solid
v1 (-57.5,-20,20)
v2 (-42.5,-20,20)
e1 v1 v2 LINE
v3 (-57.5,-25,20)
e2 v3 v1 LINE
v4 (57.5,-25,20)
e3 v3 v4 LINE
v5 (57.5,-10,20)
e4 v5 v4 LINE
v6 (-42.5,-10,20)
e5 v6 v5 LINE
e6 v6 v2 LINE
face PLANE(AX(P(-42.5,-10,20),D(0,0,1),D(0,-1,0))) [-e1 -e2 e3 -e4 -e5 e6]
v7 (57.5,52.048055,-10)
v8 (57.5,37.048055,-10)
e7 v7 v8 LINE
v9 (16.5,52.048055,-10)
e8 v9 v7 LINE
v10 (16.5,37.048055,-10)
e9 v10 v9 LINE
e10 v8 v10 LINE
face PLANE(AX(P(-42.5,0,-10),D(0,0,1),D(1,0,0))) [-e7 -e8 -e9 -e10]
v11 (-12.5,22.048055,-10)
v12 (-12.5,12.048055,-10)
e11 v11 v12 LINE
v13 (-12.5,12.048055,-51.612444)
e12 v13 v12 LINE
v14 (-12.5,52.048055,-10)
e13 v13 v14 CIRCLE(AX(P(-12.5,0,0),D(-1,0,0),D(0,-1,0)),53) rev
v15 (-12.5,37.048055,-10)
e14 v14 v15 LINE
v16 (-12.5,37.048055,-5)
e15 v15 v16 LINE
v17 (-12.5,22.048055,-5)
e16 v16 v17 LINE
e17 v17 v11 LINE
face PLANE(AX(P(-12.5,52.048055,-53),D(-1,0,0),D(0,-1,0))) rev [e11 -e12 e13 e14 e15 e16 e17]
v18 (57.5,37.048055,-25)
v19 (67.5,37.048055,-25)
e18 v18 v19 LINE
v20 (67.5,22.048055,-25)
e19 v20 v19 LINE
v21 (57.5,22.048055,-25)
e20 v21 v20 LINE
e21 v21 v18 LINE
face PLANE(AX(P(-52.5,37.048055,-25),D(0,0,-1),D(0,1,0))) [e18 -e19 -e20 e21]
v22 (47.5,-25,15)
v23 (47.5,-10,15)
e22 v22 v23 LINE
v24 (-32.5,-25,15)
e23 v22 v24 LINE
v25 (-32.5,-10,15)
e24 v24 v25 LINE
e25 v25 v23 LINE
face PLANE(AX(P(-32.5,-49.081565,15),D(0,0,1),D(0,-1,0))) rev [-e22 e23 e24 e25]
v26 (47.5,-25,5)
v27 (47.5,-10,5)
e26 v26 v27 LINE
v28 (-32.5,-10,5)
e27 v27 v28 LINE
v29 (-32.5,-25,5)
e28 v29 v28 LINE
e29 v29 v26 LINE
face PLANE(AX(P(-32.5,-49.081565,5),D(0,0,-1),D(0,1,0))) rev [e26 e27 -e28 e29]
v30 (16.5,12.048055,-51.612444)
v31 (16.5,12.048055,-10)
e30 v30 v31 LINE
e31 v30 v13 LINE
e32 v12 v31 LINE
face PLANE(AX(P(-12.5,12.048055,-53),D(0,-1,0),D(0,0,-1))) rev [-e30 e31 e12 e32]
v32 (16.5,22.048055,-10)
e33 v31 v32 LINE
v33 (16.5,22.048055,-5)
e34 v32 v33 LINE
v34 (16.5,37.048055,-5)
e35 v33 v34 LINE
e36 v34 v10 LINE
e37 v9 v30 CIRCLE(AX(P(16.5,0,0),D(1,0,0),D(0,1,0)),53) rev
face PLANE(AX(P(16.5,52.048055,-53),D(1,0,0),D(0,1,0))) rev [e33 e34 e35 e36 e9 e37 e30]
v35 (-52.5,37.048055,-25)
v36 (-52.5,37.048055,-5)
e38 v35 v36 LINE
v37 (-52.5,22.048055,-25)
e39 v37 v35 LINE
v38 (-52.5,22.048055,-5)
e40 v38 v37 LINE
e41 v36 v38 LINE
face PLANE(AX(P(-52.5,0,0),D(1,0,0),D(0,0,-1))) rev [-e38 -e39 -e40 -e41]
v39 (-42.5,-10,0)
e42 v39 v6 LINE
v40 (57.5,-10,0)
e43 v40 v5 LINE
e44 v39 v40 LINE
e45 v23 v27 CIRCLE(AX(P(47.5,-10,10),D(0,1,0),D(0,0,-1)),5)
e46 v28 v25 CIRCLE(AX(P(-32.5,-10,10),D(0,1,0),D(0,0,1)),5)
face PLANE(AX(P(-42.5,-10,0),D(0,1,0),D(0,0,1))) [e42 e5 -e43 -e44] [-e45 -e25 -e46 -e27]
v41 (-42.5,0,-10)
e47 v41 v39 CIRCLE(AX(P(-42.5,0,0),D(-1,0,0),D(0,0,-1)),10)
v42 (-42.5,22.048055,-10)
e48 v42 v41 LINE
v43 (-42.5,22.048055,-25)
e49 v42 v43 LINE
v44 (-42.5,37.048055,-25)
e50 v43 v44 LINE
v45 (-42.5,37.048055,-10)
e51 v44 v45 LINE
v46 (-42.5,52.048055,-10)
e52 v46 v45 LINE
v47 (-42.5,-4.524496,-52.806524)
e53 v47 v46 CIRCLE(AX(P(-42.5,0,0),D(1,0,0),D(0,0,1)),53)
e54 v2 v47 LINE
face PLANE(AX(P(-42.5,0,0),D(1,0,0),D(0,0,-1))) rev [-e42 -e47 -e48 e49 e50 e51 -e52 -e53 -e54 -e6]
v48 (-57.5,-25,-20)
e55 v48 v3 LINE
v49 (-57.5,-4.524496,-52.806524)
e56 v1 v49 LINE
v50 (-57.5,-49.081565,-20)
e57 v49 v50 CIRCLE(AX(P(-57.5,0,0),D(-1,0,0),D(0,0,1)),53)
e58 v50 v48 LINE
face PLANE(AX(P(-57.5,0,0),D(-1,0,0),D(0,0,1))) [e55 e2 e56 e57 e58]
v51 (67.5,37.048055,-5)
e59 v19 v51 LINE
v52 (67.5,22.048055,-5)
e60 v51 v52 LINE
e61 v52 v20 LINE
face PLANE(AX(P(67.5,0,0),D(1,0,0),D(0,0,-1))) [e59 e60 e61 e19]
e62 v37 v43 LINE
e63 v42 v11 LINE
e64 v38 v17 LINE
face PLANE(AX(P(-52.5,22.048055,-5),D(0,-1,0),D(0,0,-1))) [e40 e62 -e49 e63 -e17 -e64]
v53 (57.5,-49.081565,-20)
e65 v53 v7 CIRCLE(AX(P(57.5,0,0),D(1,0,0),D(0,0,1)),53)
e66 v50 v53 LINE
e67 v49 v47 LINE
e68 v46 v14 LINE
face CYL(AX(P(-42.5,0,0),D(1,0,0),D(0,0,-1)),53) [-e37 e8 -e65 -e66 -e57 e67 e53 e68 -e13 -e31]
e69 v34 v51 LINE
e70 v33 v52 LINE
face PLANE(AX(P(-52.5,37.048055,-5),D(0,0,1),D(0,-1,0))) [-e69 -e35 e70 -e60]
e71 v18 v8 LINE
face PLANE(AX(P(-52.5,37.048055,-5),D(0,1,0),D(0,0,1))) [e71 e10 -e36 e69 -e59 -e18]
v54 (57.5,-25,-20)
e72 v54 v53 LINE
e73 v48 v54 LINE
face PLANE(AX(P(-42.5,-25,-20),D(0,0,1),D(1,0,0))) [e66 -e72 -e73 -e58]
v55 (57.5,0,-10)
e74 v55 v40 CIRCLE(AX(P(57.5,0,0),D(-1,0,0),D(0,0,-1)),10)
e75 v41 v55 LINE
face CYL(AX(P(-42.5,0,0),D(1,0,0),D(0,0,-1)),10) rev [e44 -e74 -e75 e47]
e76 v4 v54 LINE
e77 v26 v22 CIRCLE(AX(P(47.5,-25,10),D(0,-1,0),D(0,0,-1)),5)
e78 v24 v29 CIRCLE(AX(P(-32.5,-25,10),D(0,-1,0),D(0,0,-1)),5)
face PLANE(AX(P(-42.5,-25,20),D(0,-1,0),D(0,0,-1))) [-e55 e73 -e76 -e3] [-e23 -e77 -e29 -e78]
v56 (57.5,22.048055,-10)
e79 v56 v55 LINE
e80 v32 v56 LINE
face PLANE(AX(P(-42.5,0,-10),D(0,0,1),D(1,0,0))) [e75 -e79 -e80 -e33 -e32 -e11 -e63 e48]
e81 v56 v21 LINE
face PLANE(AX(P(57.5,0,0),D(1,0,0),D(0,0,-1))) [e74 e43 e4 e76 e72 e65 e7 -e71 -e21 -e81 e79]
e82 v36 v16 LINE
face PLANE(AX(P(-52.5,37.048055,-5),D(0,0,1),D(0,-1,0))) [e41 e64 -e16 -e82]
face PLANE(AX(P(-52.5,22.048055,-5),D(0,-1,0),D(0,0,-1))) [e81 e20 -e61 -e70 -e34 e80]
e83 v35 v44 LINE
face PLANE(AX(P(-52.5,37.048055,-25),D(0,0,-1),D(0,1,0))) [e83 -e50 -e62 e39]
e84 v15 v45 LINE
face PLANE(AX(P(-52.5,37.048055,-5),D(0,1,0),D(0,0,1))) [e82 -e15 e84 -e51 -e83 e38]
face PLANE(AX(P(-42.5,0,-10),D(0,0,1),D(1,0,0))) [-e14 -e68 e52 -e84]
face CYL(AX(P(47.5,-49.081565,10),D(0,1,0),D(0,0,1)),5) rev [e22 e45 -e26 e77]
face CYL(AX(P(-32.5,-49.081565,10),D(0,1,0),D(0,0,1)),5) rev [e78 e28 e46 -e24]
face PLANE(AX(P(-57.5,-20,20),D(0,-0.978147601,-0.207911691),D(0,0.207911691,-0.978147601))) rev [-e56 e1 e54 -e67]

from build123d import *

# Parameters (mm, degrees)
BOSS_EXTRUDE1_DEPTH      = 57.5
BOSS_EXTRUDE1_DEPTH_BACK = 42.5
BOSS_EXTRUDE2_DEPTH      = 67.5
BOSS_EXTRUDE2_DEPTH_BACK = 52.5
SKETCH2_W                = 20
SKETCH2_H                = 15
BOSS_EXTRUDE3_START      = 15
BOSS_EXTRUDE3_DEPTH      = 15
CUT_EXTRUDE1_DEPTH       = 106.901893724
CUT_EXTRUDE2_DEPTH       = 101.370563414
CUT_EXTRUDE2_DEPTH_BACK  = 101.370563414
SKETCH5_W                = 29
SKETCH5_H                = 40


with BuildPart() as part:
    # Sketch1 → Boss-Extrude1 (new, two sides: drawn at the far end of the back side and taken through both)
    with BuildSketch(Plane(origin=(0, 0, 0), x_dir=(0, 0, -1), z_dir=(1, 0, 0)).offset(-BOSS_EXTRUDE1_DEPTH_BACK)):
        with BuildLine():
            Line((0, -10), (-20, -10))
            Line((-20, -10), (-20, -25))
            Line((-20, -25), (20, -25))
            Line((20, -25), (20, -49.081564767))
            ThreePointArc((20, -49.081564767), (52.742771868, 5.215363425), (10, 52.048054719))
            Line((10, 52.048054719), (10, 0))
            ThreePointArc((10, 0), (7.071067812, -7.071067812), (0, -10))
        make_face()
    extrude(amount=BOSS_EXTRUDE1_DEPTH + BOSS_EXTRUDE1_DEPTH_BACK)

    # Sketch2 → Boss-Extrude2 (add, two sides: drawn at the far end of the back side and taken through both)
    with BuildSketch(Plane(origin=(0, 0, 0), x_dir=(0, 0, -1), z_dir=(1, 0, 0)).offset(-BOSS_EXTRUDE2_DEPTH_BACK)):
        with Locations((15, 29.548054719)):
            Rectangle(SKETCH2_W, SKETCH2_H)
    extrude(amount=BOSS_EXTRUDE2_DEPTH + BOSS_EXTRUDE2_DEPTH_BACK)

    # Sketch3 → Boss-Extrude3 (add)
    with BuildSketch(Plane.ZY.offset(42.5).offset(BOSS_EXTRUDE3_START)):
        with BuildLine():
            Line((20, -25), (-20, -25))
            Line((-20, -25), (-20, -49.081564767))
            ThreePointArc((-20, -49.081564767), (-42.679392836, -31.424026273), (-52.80652364, -4.524495668))
            Line((-52.80652364, -4.524495668), (20, -20))
            Line((20, -20), (20, -25))
        make_face()
    extrude(amount=-BOSS_EXTRUDE3_DEPTH)

    # Sketch4 → Cut-Extrude1 (cut, through all)
    with BuildSketch(Plane(origin=(0, -10, 0), x_dir=(1, 0, 0), z_dir=(0, 1, 0))):
        with BuildLine():
            Line((-32.5, -5), (47.5, -5))
            ThreePointArc((47.5, -5), (52.5, -10), (47.5, -15))
            Line((47.5, -15), (-32.5, -15))
            ThreePointArc((-32.5, -15), (-37.5, -10), (-32.5, -5))
        make_face()
    extrude(amount=-CUT_EXTRUDE1_DEPTH, mode=Mode.SUBTRACT)

    # Sketch5 → Cut-Extrude2 (cut, two sides: drawn at the far end of the back side and taken through both)
    with BuildSketch(Plane.XY.offset(-CUT_EXTRUDE2_DEPTH_BACK)):
        with Locations((2, 32.048054719)):
            Rectangle(SKETCH5_W, SKETCH5_H)
    extrude(amount=CUT_EXTRUDE2_DEPTH + CUT_EXTRUDE2_DEPTH_BACK, mode=Mode.SUBTRACT)


solid = part.part
